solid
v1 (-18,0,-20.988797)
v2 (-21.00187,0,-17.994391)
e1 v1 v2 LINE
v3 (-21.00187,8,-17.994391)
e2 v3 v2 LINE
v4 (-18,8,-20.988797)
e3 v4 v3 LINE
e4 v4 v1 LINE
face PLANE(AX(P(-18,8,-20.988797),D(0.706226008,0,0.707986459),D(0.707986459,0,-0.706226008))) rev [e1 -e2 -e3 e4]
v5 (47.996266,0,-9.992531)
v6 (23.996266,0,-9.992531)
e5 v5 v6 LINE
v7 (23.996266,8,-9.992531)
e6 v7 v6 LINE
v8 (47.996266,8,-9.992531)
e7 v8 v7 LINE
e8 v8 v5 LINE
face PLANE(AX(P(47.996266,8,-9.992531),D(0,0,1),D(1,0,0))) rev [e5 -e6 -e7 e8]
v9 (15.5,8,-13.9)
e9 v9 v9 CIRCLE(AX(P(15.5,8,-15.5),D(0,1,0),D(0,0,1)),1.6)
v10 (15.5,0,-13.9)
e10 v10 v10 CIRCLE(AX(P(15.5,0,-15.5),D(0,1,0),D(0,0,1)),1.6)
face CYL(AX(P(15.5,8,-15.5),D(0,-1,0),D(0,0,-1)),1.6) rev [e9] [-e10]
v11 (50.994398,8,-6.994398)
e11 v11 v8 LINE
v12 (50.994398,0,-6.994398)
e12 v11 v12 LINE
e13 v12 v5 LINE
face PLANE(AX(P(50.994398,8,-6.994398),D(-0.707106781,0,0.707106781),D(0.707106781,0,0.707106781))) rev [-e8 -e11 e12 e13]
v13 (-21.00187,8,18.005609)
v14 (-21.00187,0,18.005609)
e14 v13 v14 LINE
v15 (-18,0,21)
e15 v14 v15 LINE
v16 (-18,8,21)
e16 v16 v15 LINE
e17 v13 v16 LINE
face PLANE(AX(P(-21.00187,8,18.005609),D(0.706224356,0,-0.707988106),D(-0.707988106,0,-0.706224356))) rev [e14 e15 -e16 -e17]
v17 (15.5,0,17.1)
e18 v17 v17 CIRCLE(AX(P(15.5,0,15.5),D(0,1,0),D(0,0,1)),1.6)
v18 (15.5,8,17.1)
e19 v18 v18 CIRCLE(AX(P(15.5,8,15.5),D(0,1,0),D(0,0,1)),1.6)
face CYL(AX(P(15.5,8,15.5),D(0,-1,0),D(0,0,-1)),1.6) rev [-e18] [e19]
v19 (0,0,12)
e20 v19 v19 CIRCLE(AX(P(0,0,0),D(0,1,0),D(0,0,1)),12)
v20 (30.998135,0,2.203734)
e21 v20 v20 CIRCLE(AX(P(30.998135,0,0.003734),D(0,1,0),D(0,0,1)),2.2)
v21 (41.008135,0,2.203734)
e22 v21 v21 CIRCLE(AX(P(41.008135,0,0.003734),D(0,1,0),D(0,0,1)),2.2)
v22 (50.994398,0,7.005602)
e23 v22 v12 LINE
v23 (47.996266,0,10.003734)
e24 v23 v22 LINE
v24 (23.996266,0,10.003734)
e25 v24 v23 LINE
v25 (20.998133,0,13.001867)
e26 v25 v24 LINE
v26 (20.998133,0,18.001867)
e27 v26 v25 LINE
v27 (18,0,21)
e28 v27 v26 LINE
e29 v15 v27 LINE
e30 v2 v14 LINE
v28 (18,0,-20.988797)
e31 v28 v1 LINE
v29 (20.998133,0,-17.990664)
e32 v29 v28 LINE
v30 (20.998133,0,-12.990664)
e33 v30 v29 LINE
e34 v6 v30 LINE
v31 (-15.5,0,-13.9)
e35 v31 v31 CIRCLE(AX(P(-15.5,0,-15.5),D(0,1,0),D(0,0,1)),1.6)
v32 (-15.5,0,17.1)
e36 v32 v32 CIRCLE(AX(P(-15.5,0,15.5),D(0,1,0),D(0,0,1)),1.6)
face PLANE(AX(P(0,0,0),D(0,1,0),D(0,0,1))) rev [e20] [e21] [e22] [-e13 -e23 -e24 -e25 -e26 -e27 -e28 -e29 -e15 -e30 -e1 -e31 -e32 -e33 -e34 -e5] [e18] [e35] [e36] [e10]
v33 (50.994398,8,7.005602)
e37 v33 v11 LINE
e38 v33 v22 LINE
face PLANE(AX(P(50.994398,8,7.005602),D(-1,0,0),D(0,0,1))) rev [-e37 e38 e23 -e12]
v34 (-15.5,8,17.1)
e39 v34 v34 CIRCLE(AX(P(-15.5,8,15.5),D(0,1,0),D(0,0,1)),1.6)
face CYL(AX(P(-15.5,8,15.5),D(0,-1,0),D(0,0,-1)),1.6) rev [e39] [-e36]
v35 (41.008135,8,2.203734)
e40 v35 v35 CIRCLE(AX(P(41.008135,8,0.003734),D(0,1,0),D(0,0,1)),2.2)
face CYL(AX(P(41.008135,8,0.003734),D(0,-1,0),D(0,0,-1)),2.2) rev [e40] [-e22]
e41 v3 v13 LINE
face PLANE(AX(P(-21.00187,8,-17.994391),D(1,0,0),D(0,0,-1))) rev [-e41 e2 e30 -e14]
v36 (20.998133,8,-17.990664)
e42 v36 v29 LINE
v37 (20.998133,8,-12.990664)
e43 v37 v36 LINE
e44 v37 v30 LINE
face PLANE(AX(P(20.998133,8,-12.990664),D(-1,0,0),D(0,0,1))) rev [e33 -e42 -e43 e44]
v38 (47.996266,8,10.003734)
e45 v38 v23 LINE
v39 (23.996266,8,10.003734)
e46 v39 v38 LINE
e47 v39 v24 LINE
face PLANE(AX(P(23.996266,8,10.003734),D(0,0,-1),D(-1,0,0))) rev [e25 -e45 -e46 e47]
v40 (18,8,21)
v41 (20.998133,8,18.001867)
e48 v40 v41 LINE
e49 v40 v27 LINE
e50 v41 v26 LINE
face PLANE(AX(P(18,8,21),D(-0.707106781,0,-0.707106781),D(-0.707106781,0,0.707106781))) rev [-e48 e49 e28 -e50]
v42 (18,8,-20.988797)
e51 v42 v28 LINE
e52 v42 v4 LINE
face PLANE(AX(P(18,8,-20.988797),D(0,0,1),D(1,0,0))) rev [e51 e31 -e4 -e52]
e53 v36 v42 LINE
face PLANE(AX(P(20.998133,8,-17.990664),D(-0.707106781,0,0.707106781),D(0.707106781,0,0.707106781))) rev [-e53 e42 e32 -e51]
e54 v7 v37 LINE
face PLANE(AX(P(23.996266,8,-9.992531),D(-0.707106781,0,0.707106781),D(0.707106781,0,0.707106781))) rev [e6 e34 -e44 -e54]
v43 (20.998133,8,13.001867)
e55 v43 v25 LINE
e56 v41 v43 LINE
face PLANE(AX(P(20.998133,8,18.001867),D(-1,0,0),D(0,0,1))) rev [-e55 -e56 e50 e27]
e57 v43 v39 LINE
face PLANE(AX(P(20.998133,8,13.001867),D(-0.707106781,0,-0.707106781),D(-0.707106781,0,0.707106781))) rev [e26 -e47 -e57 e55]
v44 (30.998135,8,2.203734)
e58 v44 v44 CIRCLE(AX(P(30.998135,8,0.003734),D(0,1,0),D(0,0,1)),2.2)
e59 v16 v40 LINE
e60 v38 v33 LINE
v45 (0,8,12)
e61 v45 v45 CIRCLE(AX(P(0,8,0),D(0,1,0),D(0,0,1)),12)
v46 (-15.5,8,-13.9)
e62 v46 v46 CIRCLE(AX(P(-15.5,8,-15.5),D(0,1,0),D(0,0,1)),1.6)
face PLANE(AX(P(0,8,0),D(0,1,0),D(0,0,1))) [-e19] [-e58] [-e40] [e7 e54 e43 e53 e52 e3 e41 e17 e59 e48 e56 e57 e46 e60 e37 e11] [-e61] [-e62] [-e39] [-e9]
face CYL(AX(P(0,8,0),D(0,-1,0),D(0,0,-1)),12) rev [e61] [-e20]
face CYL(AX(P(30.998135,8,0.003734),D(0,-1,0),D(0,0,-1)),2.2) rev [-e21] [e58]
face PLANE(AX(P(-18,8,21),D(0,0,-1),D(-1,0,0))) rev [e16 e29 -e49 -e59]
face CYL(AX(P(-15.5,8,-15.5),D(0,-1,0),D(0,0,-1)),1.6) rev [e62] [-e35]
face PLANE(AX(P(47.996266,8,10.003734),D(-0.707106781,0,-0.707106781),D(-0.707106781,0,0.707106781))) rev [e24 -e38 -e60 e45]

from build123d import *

# Parameters (mm, degrees)
CROQUIS1_R              = 12
CROQUIS1_R_2            = 1.6
CROQUIS1_R_3            = 2.2
SALIENTE_EXTRUIR1_DEPTH = 8


with BuildPart() as part:
    # Croquis1 → Saliente-Extruir1 (new body)
    with BuildSketch(Plane(origin=(0, 0, 0), x_dir=(1, 0, 0), z_dir=(0, 1, 0))):
        Polygon((18, -21), (20.998132752, -18.001867248), (20.998132752, -13.001867248), (23.996265504, -10.003734496), (47.996265504, -10.003734496), (50.994398257, -7.005601743), (50.994398257, 6.994398257), (47.996265504, 9.992531009), (23.996265504, 9.992531009), (20.998132752, 12.990663761), (20.998132752, 17.990663761), (18, 20.988796513), (-18, 20.988796513), (-21.001869571, 17.99439127), (-21.001869571, -18.00560873), (-18, -21), align=None)
        Circle(CROQUIS1_R, mode=Mode.SUBTRACT)
        with Locations((-15.5, -15.5)):
            Circle(CROQUIS1_R_2, mode=Mode.SUBTRACT)
        with Locations((-15.5, 15.5)):
            Circle(CROQUIS1_R_2, mode=Mode.SUBTRACT)
        with Locations((15.5, 15.5)):
            Circle(CROQUIS1_R_2, mode=Mode.SUBTRACT)
        with Locations((15.5, -15.5)):
            Circle(CROQUIS1_R_2, mode=Mode.SUBTRACT)
        with Locations((30.998135075, -0.003734496)):
            Circle(CROQUIS1_R_3, mode=Mode.SUBTRACT)
        with Locations((41.008135075, -0.003734496)):
            Circle(CROQUIS1_R_3, mode=Mode.SUBTRACT)
    extrude(amount=SALIENTE_EXTRUIR1_DEPTH)


solid = part.part
